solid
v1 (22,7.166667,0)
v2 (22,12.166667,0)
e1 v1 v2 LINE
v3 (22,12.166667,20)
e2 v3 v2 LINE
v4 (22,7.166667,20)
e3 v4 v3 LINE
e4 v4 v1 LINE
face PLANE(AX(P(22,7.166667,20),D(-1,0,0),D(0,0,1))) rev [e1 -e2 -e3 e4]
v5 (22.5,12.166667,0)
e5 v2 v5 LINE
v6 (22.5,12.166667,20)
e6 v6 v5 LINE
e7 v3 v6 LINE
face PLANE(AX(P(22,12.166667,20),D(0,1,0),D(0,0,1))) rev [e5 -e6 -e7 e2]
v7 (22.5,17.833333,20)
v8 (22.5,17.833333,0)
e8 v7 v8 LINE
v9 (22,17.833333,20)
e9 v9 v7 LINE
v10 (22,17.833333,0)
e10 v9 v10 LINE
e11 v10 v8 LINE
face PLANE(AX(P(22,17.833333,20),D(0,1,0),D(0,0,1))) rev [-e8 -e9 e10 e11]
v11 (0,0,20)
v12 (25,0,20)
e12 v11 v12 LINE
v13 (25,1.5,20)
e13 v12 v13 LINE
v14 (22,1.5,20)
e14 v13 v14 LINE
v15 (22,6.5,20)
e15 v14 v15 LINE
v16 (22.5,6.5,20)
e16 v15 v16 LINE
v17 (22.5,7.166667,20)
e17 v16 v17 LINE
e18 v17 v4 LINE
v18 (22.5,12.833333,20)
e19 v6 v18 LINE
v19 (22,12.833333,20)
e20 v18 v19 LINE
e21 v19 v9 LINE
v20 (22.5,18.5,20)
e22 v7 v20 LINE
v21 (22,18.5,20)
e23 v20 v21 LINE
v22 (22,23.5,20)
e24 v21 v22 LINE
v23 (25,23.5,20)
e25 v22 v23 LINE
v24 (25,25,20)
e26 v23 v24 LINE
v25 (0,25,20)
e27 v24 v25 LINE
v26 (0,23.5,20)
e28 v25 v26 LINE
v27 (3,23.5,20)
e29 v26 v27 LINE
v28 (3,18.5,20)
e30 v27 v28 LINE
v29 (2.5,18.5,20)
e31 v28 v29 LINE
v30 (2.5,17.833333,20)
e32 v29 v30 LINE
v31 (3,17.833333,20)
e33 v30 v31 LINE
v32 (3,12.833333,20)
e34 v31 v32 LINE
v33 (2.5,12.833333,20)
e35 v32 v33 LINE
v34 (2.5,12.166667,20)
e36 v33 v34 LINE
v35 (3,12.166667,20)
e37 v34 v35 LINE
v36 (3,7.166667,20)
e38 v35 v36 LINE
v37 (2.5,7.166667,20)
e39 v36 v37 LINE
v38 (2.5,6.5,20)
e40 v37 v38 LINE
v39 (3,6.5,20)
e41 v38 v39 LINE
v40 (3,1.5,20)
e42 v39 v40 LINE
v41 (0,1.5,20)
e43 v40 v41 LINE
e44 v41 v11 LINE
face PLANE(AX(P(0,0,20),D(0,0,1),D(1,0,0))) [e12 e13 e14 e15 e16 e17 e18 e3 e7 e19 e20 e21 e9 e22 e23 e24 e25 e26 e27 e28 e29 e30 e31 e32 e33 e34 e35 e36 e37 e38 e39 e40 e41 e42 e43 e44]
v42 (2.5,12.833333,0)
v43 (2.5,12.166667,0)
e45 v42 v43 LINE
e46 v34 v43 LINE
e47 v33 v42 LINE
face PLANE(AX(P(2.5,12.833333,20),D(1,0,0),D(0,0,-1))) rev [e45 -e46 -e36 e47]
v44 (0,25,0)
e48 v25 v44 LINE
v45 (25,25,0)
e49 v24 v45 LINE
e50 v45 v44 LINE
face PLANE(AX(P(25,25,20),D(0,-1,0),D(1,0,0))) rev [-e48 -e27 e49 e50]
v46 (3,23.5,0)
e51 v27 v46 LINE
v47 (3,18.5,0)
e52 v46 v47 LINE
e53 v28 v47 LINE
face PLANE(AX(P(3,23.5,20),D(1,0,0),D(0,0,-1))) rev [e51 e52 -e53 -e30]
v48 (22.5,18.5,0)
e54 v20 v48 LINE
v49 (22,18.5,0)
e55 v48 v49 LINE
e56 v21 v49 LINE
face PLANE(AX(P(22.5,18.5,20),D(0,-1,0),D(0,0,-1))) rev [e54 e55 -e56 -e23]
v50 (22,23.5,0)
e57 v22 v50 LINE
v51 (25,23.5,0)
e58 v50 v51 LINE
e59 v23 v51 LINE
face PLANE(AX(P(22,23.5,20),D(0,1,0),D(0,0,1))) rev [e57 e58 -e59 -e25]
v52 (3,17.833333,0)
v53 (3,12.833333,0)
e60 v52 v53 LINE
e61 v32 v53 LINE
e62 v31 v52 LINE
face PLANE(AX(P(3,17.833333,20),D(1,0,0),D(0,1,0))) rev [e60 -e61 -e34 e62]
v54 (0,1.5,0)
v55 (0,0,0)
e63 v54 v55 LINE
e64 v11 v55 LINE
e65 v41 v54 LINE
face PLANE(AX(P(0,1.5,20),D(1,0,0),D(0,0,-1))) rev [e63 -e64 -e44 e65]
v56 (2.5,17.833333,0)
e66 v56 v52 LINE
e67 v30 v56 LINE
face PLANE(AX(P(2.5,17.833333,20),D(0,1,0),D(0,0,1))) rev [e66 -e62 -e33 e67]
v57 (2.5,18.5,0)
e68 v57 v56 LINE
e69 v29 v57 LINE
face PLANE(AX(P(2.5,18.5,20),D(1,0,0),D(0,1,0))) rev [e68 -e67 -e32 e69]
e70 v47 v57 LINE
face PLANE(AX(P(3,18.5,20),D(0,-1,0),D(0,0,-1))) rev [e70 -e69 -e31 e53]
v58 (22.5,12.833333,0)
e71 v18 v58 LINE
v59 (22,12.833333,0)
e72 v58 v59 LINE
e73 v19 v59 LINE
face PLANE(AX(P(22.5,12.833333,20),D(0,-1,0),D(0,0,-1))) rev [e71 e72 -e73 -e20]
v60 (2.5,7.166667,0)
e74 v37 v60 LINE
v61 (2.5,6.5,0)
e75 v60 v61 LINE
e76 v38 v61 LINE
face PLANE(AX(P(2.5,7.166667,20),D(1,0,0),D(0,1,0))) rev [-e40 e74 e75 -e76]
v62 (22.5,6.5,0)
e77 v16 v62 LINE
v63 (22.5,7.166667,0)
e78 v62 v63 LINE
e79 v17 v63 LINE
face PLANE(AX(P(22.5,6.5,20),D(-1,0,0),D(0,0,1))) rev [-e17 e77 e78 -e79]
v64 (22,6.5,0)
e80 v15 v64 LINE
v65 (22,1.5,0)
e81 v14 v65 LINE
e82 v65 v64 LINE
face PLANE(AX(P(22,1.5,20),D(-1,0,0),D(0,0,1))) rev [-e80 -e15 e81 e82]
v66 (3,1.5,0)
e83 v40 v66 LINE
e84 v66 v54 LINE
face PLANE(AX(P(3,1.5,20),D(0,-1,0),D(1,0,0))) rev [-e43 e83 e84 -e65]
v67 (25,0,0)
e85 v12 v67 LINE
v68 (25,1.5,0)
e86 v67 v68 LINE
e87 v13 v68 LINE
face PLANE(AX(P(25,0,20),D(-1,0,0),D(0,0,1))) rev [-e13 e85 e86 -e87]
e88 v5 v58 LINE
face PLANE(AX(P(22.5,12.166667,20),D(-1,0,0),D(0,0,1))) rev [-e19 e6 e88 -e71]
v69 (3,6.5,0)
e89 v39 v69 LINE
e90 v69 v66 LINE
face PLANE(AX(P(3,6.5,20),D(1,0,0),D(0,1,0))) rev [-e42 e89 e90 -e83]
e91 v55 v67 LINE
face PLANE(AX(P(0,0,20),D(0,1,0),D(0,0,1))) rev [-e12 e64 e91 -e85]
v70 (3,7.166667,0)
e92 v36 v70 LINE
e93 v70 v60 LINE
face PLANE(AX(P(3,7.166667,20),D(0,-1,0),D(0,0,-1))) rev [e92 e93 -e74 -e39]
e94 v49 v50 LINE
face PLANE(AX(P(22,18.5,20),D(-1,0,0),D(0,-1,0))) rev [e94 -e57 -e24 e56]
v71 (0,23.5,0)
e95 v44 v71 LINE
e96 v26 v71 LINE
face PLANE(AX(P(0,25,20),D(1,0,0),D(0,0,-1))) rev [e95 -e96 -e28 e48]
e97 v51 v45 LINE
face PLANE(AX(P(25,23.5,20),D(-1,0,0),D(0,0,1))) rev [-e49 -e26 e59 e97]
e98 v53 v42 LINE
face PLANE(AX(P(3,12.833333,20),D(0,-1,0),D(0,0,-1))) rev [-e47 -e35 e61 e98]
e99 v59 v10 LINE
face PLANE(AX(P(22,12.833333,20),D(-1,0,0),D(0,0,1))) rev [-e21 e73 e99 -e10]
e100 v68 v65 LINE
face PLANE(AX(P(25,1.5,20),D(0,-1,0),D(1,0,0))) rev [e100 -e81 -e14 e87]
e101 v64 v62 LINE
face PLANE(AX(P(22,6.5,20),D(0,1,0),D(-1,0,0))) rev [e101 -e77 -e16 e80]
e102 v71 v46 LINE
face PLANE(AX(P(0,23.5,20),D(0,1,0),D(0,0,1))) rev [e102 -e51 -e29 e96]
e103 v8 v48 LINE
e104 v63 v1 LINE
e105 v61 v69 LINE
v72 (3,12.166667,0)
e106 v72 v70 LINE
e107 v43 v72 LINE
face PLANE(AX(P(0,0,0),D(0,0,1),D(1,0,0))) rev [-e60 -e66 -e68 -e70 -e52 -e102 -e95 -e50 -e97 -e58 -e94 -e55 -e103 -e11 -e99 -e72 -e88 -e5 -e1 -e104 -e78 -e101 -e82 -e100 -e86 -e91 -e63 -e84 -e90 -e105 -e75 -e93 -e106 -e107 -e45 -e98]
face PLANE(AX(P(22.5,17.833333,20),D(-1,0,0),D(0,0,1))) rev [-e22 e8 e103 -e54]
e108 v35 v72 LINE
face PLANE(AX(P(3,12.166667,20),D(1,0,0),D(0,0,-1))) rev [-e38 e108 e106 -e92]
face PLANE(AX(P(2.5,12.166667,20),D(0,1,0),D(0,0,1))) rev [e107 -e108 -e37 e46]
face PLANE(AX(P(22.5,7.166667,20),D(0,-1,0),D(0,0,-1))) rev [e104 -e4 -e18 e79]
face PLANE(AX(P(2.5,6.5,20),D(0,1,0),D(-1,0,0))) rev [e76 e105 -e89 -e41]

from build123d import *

# Parameters (mm, degrees)
BOSS_EXTRUDE1_DEPTH = 20


with BuildPart() as part:
    # Sketch2 → Boss-Extrude1 (new body)
    with BuildSketch(Plane.XY):
        Polygon((0, 0), (25, 0), (25, 1.5), (22, 1.5), (22, 6.5), (22.5, 6.5), (22.5, 7.166666667), (22, 7.166666667), (22, 12.166666667), (22.5, 12.166666667), (22.5, 12.833333333), (22, 12.833333333), (22, 17.833333333), (22.5, 17.833333333), (22.5, 18.5), (22, 18.5), (22, 23.5), (25, 23.5), (25, 25), (0, 25), (0, 23.5), (3, 23.5), (3, 18.5), (2.5, 18.5), (2.5, 17.833333333), (3, 17.833333333), (3, 12.833333333), (2.5, 12.833333333), (2.5, 12.166666667), (3, 12.166666667), (3, 7.166666667), (2.5, 7.166666667), (2.5, 6.5), (3, 6.5), (3, 1.5), (0, 1.5), align=None)
    extrude(amount=BOSS_EXTRUDE1_DEPTH)


solid = part.part
